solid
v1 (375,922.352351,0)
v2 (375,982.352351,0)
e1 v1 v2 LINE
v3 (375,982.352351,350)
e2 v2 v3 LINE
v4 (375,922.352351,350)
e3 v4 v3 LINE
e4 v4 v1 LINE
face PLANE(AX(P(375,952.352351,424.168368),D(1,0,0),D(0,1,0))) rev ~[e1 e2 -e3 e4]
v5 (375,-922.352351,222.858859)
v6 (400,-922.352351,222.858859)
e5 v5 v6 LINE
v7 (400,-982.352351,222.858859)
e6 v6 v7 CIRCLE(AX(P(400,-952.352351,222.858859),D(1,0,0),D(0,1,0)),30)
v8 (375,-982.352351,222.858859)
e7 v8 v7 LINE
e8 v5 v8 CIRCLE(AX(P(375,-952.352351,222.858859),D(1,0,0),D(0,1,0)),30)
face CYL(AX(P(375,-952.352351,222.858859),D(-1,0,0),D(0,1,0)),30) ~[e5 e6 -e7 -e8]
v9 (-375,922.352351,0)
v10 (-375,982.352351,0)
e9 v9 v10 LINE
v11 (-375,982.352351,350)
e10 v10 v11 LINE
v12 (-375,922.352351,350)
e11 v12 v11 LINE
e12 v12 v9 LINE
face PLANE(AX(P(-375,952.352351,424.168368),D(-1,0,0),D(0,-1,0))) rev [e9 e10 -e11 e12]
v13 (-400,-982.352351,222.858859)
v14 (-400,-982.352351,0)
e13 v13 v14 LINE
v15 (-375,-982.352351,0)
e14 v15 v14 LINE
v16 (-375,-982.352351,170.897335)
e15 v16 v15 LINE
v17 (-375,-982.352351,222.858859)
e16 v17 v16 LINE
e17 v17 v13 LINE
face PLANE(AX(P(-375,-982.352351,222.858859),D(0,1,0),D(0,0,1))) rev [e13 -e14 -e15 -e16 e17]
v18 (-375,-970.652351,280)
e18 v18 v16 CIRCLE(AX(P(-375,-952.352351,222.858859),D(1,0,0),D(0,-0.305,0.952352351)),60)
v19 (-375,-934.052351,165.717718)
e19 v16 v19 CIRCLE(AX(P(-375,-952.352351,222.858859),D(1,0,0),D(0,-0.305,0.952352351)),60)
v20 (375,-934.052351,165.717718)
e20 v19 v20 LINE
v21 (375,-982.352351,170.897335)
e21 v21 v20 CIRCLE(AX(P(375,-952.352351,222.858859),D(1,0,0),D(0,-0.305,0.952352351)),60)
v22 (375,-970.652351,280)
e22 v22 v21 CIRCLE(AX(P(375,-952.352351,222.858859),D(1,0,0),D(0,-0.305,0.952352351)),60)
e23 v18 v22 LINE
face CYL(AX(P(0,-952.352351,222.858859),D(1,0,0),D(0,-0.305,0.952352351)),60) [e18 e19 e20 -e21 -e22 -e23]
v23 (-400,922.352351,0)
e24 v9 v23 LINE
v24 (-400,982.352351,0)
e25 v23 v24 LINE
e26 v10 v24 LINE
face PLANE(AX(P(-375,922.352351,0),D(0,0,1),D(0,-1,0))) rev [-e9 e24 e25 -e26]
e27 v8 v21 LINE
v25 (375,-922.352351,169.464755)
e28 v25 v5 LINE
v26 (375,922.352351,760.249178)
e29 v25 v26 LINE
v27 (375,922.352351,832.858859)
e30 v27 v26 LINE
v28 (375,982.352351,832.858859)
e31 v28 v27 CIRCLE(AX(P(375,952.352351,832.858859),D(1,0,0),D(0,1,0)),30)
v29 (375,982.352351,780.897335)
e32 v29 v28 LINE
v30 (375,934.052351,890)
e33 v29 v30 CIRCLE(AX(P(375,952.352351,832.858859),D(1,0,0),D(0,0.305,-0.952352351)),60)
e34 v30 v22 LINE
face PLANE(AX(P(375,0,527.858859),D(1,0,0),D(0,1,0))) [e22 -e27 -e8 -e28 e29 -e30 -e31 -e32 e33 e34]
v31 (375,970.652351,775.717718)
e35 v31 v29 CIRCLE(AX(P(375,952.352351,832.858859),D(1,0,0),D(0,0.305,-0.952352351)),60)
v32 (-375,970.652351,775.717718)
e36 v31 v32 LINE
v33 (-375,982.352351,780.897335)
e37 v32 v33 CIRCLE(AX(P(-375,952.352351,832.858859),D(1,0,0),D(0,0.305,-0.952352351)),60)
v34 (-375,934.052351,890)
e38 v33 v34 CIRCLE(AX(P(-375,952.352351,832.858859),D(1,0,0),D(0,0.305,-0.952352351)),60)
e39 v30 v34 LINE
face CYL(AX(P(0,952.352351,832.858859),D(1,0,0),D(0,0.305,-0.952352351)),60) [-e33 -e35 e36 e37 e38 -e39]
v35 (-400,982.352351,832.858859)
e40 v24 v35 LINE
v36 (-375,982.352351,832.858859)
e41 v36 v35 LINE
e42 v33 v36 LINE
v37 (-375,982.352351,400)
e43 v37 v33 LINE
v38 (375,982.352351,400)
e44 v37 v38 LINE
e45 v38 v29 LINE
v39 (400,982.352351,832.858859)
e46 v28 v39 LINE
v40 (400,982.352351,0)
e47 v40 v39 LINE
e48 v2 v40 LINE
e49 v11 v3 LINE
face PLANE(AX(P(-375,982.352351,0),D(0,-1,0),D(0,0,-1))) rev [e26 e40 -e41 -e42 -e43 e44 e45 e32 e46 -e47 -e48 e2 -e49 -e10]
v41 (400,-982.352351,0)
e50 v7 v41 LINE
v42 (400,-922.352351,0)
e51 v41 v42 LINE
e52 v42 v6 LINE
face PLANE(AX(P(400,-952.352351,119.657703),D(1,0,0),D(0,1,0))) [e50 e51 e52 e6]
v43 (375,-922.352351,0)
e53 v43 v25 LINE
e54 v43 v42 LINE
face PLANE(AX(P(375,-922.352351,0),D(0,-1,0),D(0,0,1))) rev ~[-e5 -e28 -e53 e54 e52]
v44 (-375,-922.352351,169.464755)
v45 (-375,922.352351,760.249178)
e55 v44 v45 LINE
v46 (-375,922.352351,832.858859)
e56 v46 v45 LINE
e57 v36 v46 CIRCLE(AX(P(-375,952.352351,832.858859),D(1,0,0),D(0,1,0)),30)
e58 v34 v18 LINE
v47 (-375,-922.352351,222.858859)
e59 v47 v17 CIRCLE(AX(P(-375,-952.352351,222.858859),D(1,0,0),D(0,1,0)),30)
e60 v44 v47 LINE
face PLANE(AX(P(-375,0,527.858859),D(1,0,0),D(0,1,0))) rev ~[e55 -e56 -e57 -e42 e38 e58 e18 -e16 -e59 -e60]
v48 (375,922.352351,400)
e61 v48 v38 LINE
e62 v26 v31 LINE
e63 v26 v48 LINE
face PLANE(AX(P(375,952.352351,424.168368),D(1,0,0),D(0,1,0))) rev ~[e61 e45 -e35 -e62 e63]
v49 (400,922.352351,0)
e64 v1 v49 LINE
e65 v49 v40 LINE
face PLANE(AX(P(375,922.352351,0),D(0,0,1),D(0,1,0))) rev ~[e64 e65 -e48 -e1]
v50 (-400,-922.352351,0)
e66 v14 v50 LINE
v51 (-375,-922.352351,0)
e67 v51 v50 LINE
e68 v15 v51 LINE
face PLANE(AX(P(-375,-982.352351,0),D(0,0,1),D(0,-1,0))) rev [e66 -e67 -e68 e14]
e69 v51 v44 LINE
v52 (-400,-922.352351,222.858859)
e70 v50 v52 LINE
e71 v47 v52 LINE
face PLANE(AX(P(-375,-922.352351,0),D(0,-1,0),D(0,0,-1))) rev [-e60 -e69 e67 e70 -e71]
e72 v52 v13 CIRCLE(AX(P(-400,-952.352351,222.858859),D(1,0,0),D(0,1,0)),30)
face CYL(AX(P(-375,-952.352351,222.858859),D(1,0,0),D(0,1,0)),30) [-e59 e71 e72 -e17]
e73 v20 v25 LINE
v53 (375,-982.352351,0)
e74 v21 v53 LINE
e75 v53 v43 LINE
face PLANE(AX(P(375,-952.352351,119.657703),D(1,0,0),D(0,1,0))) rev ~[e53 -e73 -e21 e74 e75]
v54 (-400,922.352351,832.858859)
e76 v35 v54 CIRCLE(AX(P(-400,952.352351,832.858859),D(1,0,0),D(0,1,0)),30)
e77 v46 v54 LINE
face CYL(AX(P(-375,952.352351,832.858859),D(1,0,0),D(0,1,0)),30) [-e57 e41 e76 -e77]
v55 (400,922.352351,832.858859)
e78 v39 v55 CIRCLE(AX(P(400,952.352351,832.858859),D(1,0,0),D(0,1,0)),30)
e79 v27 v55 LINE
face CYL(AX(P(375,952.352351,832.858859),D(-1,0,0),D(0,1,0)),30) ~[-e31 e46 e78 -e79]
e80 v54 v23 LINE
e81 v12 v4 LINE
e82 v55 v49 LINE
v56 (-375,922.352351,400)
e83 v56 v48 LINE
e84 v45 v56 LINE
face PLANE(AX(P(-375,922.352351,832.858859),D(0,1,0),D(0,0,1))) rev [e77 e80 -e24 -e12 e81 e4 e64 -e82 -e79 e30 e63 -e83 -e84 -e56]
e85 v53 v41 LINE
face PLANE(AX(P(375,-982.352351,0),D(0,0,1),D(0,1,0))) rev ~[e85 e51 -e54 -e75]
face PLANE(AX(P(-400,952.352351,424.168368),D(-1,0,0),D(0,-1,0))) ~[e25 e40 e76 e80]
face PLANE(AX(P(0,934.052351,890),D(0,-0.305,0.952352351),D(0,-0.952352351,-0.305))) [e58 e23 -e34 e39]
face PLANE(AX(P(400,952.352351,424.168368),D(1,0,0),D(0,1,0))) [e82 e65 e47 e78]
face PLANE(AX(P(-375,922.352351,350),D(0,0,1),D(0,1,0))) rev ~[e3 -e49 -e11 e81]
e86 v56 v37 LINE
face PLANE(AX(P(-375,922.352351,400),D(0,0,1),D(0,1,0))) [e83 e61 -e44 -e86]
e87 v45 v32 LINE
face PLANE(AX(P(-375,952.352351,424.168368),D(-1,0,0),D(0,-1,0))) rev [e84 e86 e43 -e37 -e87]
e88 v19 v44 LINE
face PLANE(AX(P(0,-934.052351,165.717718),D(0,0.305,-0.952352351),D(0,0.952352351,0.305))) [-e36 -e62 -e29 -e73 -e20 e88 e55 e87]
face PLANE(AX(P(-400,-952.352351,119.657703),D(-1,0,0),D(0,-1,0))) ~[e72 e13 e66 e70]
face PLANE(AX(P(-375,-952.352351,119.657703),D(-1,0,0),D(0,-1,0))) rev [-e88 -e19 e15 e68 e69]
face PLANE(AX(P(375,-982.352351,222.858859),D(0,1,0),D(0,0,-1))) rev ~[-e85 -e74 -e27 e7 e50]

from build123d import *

# Parameters (mm, degrees)
F1_DEPTH = 375
F3_DEPTH = 25
F5_W     = 60
F5_H     = 50
F6_DEPTH = 750


with BuildPart() as f1:
    # F0 (on Right) → F1 (new body, symmetric)
    with BuildSketch(Plane.YZ):
        with BuildLine():
            Line((934.052350761, 890), (-970.652350761, 280))
            ThreePointArc((-970.652350761, 280), (-1009.4934918067, 204.5588589543), (-934.052350761, 165.7177179087))
            Line((-934.052350761, 165.7177179087), (970.652350761, 775.7177179087))
            ThreePointArc((970.652350761, 775.7177179087), (1009.4934918067, 851.1588589543), (934.052350761, 890))
        make_face()
    extrude(amount=F1_DEPTH, both=True)

    # F2 (on face) → F3 (join)
    with BuildSketch(Plane.YZ.offset(375)):
        with BuildLine():
            Line((-982.352350761, 222.8588589543), (-982.352350761, 0))
            Line((-982.352350761, 0), (-922.352350761, 0))
            Line((-922.352350761, 0), (-922.352350761, 222.8588589543))
            ThreePointArc((-922.352350761, 222.8588589543), (-952.352350761, 252.8588589543), (-982.352350761, 222.8588589543))
        make_face()
        with BuildLine():
            Line((922.352350761, 832.8588589543), (922.352350761, 0))
            Line((922.352350761, 0), (982.352350761, 0))
            Line((982.352350761, 0), (982.352350761, 832.8588589543))
            ThreePointArc((982.352350761, 832.8588589543), (952.352350761, 862.8588589543), (922.352350761, 832.8588589543))
        make_face()
    extrude(amount=F3_DEPTH)

    # F4: F1 across plane


with BuildPart() as f1_1:
    add(f1.part)
    add(f1.part.mirror(Plane.YZ))

    # F5 (on face) → F6 (join, through all)
    with BuildSketch(Plane.YZ.offset(-375)):
        with Locations((952.352350761, 375)):
            Rectangle(F5_W, F5_H)
    extrude(amount=F6_DEPTH)


solid = f1_1.part
